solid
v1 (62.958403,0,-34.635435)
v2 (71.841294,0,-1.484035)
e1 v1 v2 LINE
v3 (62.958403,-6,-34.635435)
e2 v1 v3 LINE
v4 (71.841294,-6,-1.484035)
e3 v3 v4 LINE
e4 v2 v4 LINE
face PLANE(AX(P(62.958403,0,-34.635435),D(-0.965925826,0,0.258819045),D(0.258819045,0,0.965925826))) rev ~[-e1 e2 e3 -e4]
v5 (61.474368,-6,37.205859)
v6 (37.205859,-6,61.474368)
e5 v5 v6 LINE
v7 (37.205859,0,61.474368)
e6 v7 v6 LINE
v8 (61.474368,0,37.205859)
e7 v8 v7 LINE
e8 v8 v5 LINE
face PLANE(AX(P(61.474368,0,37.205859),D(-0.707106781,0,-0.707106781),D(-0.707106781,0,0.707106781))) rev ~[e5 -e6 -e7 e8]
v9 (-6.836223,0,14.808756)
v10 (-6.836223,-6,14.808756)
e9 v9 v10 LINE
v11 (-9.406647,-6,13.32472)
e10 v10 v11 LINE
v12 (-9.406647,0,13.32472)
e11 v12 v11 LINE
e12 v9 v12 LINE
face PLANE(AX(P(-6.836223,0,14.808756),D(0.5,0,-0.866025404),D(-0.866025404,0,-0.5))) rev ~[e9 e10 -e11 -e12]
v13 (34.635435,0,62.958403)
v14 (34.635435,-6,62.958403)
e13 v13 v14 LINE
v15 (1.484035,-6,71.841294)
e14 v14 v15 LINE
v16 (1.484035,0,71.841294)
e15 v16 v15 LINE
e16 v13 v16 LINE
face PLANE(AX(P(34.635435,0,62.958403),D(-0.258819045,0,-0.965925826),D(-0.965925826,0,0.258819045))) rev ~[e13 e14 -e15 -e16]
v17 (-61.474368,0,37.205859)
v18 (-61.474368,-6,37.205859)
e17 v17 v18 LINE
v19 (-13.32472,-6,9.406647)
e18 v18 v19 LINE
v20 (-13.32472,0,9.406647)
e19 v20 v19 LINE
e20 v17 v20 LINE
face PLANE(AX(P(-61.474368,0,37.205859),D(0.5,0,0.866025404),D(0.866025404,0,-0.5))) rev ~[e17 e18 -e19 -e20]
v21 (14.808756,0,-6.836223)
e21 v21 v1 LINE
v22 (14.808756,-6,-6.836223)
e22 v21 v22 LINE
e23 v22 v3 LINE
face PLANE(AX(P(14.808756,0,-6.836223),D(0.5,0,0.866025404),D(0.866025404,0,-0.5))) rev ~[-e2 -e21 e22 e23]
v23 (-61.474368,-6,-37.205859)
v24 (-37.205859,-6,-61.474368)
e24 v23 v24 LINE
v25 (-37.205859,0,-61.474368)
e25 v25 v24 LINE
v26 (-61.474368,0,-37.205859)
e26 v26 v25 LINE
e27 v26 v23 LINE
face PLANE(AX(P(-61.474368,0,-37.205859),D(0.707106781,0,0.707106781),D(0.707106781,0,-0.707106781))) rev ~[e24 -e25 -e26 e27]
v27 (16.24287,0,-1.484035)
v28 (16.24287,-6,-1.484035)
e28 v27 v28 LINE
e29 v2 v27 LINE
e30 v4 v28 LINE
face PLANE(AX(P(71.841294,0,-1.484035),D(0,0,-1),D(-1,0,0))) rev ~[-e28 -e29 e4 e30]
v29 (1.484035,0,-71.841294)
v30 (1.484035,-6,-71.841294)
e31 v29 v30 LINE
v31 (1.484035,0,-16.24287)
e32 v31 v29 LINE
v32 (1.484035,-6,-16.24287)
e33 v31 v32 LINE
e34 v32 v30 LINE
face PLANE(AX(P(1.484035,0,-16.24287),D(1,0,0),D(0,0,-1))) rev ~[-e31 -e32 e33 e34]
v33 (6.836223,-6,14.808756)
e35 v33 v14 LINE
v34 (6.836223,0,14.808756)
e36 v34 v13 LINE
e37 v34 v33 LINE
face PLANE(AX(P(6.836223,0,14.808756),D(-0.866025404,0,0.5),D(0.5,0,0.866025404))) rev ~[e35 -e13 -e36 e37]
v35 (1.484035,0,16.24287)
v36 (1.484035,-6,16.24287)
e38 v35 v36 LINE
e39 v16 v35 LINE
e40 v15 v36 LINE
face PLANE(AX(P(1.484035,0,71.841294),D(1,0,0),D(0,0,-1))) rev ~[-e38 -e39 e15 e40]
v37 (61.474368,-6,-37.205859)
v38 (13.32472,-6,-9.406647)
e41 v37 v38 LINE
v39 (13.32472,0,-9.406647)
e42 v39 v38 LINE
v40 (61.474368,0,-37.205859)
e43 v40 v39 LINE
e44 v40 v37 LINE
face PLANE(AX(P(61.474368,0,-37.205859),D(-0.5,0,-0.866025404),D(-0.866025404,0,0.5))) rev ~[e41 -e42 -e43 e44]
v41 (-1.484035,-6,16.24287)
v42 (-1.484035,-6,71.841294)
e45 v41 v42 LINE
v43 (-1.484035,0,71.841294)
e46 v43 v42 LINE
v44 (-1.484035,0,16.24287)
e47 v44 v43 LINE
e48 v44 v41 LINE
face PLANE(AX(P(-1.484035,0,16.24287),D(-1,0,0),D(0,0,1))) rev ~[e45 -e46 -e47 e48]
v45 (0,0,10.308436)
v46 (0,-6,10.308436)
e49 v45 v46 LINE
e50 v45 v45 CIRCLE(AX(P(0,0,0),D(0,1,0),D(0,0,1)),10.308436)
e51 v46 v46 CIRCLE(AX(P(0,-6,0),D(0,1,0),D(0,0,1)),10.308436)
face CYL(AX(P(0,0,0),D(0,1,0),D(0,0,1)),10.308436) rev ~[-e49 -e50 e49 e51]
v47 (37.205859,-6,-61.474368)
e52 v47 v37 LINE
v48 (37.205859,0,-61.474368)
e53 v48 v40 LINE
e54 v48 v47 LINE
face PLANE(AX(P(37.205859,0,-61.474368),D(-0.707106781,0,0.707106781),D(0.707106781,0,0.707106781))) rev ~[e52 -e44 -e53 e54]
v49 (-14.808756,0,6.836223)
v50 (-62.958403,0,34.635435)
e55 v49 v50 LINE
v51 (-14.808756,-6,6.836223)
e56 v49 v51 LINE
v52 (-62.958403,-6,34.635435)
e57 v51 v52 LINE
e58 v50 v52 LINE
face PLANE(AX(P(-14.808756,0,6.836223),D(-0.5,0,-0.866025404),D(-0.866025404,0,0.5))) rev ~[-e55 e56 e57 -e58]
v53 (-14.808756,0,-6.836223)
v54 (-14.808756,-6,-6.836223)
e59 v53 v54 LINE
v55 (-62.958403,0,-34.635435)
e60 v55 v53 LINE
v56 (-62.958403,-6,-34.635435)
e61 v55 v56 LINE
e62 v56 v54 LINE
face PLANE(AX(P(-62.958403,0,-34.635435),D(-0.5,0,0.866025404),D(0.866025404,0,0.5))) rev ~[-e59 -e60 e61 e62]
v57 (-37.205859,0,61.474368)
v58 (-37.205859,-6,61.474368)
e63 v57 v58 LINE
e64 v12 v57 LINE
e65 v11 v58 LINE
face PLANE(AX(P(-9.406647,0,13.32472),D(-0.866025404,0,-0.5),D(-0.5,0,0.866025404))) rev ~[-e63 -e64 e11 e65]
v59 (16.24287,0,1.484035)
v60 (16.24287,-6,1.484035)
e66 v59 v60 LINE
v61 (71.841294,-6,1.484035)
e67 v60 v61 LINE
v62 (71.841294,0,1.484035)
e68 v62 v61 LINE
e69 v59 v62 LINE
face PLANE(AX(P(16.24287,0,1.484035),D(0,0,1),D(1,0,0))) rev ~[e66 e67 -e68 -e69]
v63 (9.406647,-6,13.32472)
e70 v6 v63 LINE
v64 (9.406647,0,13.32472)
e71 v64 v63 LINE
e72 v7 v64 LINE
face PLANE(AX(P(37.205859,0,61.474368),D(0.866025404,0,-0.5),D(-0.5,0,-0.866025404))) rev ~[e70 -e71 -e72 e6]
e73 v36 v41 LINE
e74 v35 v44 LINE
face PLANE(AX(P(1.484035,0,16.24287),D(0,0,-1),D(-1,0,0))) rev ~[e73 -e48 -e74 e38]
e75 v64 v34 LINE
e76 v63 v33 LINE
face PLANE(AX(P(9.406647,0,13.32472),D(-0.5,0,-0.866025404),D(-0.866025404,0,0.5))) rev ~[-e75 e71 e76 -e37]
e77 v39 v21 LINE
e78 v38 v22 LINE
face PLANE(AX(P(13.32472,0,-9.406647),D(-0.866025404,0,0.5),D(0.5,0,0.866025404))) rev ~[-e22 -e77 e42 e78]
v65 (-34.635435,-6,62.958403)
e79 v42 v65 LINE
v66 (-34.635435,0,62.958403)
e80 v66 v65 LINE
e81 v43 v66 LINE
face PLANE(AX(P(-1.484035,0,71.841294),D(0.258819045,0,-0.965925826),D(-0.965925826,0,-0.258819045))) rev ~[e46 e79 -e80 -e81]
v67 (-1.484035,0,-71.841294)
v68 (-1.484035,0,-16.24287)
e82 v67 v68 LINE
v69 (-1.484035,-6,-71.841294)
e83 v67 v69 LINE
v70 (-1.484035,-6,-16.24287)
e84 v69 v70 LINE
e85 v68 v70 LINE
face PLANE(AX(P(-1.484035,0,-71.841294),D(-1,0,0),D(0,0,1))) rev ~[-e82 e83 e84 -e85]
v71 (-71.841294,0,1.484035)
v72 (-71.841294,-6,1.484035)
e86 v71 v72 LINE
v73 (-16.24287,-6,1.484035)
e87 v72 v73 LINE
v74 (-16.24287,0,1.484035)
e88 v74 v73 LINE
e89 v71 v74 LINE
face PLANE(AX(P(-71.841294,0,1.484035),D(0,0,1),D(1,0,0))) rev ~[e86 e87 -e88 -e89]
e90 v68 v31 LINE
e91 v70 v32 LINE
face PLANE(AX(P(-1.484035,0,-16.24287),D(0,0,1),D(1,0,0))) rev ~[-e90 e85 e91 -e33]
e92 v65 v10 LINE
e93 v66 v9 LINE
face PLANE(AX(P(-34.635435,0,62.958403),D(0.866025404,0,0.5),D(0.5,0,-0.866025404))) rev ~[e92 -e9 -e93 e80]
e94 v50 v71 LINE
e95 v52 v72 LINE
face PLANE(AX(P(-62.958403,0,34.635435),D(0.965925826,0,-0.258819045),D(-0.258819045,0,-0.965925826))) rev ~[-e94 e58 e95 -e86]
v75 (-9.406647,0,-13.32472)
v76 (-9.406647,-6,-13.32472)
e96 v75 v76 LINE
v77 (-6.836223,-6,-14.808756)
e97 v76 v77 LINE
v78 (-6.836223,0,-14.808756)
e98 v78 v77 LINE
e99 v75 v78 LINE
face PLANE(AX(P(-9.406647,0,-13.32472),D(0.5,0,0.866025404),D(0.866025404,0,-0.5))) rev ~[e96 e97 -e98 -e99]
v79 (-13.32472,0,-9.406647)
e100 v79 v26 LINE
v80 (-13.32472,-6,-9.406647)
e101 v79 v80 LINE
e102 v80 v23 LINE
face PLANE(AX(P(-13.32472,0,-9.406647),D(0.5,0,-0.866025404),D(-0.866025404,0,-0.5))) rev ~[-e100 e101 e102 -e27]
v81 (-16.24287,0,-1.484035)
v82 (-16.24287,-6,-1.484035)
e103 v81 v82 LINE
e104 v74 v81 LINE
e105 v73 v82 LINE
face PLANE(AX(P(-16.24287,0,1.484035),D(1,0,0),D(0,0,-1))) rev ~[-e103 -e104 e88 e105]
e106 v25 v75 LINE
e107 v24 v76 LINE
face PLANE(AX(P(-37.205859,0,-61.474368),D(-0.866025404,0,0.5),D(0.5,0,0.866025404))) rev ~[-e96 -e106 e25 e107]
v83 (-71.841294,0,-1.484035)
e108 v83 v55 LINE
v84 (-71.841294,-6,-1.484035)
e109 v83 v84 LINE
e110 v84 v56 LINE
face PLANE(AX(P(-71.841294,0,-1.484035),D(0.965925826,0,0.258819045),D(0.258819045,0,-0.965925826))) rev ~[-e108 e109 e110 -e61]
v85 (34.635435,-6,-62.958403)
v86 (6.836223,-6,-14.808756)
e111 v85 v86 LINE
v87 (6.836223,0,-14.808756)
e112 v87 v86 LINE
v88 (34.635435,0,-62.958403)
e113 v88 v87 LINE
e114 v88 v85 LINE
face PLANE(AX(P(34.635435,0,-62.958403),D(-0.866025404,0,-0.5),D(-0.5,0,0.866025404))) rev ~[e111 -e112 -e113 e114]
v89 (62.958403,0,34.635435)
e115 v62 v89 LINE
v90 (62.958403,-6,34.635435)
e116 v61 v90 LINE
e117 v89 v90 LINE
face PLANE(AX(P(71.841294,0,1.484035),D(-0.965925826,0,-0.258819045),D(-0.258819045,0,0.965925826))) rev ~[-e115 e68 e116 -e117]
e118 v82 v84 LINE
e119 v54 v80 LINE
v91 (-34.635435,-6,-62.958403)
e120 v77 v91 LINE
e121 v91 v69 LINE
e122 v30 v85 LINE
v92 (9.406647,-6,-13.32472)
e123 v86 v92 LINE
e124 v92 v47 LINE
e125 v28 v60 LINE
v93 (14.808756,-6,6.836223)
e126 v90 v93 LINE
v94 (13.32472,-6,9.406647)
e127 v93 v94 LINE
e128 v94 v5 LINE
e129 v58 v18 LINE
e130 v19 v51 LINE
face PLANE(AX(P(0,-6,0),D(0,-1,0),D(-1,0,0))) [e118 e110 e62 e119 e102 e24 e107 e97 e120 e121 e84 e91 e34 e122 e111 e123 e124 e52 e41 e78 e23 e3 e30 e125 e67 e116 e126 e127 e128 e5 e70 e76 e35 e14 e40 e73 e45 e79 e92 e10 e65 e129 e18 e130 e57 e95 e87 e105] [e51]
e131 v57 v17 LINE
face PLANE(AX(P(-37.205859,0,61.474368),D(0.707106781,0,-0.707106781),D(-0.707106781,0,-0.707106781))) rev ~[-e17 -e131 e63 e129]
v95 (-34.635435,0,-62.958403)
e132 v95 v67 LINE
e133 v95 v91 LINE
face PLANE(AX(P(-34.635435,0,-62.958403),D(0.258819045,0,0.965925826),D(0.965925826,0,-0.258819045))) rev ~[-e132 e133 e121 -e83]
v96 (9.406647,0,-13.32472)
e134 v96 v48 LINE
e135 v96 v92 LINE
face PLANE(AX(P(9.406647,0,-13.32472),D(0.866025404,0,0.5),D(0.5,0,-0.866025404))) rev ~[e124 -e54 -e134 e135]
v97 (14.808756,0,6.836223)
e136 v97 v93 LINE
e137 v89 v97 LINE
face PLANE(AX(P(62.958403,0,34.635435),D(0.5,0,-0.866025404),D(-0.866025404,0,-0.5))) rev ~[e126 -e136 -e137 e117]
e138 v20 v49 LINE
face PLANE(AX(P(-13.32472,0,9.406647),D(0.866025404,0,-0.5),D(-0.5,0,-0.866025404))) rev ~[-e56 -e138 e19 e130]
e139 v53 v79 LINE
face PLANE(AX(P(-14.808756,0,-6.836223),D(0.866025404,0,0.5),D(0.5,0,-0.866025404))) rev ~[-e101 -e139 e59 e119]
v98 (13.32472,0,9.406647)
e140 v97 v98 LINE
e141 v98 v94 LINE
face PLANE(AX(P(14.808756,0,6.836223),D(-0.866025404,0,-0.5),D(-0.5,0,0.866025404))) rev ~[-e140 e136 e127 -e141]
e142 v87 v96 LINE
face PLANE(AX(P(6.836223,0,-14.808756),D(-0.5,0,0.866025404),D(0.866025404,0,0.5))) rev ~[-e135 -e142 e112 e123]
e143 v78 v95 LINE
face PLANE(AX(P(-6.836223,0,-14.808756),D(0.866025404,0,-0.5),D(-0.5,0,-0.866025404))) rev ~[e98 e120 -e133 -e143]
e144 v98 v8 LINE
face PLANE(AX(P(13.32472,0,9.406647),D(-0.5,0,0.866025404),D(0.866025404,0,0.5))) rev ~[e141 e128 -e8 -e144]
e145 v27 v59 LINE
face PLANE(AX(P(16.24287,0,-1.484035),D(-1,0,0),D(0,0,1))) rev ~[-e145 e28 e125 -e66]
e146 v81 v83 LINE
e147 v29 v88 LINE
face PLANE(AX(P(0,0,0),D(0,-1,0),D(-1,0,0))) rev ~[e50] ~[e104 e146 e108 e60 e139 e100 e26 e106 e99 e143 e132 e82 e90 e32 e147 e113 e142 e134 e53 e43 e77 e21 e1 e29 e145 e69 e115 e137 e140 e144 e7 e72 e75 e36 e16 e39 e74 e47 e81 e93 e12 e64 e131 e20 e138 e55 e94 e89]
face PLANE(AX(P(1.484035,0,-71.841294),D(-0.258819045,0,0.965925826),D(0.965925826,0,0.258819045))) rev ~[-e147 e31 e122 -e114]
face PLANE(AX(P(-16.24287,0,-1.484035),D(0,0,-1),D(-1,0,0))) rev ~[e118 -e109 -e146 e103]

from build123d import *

# Parameters (mm, degrees)
SKETCH1_R           = 10.308435719
BOSS_EXTRUDE1_DEPTH = 6


with BuildPart() as part:
    # Sketch1 → Boss-Extrude1 (new body)
    with BuildSketch(Plane(origin=(0, 0, 0), x_dir=(1, 0, 0), z_dir=(0, 1, 0))):
        Polygon((9.406647228, 13.324720403), (37.205859161, 61.474367881), (61.474367881, 37.205859161), (13.324720403, 9.406647228), (14.808755665, 6.836222753), (62.958403143, 34.635434686), (71.841293847, 1.484035262), (16.242869981, 1.484035262), (16.242869981, -1.484035262), (71.841293847, -1.484035262), (62.958403143, -34.635434686), (14.808755665, -6.836222753), (13.324720403, -9.406647228), (61.474367881, -37.205859161), (37.205859161, -61.474367881), (9.406647228, -13.324720403), (6.836222753, -14.808755665), (34.635434686, -62.958403143), (1.484035262, -71.841293847), (1.484035262, -16.242869981), (-1.484035262, -16.242869981), (-1.484035262, -71.841293847), (-34.635434686, -62.958403143), (-6.836222753, -14.808755665), (-9.406647228, -13.324720403), (-37.205859161, -61.474367881), (-61.474367881, -37.205859161), (-13.324720403, -9.406647228), (-14.808755665, -6.836222753), (-62.958403143, -34.635434686), (-71.841293847, -1.484035262), (-16.242869981, -1.484035262), (-16.242869981, 1.484035262), (-71.841293847, 1.484035262), (-62.958403143, 34.635434686), (-14.808755665, 6.836222753), (-13.324720403, 9.406647228), (-61.474367881, 37.205859161), (-37.205859161, 61.474367881), (-9.406647228, 13.324720403), (-6.836222753, 14.808755665), (-34.635434686, 62.958403143), (-1.484035262, 71.841293847), (-1.484035262, 16.242869981), (1.484035262, 16.242869981), (1.484035262, 71.841293847), (34.635434686, 62.958403143), (6.836222753, 14.808755665), align=None)
        Circle(SKETCH1_R, mode=Mode.SUBTRACT)
    extrude(amount=-BOSS_EXTRUDE1_DEPTH)


solid = part.part
